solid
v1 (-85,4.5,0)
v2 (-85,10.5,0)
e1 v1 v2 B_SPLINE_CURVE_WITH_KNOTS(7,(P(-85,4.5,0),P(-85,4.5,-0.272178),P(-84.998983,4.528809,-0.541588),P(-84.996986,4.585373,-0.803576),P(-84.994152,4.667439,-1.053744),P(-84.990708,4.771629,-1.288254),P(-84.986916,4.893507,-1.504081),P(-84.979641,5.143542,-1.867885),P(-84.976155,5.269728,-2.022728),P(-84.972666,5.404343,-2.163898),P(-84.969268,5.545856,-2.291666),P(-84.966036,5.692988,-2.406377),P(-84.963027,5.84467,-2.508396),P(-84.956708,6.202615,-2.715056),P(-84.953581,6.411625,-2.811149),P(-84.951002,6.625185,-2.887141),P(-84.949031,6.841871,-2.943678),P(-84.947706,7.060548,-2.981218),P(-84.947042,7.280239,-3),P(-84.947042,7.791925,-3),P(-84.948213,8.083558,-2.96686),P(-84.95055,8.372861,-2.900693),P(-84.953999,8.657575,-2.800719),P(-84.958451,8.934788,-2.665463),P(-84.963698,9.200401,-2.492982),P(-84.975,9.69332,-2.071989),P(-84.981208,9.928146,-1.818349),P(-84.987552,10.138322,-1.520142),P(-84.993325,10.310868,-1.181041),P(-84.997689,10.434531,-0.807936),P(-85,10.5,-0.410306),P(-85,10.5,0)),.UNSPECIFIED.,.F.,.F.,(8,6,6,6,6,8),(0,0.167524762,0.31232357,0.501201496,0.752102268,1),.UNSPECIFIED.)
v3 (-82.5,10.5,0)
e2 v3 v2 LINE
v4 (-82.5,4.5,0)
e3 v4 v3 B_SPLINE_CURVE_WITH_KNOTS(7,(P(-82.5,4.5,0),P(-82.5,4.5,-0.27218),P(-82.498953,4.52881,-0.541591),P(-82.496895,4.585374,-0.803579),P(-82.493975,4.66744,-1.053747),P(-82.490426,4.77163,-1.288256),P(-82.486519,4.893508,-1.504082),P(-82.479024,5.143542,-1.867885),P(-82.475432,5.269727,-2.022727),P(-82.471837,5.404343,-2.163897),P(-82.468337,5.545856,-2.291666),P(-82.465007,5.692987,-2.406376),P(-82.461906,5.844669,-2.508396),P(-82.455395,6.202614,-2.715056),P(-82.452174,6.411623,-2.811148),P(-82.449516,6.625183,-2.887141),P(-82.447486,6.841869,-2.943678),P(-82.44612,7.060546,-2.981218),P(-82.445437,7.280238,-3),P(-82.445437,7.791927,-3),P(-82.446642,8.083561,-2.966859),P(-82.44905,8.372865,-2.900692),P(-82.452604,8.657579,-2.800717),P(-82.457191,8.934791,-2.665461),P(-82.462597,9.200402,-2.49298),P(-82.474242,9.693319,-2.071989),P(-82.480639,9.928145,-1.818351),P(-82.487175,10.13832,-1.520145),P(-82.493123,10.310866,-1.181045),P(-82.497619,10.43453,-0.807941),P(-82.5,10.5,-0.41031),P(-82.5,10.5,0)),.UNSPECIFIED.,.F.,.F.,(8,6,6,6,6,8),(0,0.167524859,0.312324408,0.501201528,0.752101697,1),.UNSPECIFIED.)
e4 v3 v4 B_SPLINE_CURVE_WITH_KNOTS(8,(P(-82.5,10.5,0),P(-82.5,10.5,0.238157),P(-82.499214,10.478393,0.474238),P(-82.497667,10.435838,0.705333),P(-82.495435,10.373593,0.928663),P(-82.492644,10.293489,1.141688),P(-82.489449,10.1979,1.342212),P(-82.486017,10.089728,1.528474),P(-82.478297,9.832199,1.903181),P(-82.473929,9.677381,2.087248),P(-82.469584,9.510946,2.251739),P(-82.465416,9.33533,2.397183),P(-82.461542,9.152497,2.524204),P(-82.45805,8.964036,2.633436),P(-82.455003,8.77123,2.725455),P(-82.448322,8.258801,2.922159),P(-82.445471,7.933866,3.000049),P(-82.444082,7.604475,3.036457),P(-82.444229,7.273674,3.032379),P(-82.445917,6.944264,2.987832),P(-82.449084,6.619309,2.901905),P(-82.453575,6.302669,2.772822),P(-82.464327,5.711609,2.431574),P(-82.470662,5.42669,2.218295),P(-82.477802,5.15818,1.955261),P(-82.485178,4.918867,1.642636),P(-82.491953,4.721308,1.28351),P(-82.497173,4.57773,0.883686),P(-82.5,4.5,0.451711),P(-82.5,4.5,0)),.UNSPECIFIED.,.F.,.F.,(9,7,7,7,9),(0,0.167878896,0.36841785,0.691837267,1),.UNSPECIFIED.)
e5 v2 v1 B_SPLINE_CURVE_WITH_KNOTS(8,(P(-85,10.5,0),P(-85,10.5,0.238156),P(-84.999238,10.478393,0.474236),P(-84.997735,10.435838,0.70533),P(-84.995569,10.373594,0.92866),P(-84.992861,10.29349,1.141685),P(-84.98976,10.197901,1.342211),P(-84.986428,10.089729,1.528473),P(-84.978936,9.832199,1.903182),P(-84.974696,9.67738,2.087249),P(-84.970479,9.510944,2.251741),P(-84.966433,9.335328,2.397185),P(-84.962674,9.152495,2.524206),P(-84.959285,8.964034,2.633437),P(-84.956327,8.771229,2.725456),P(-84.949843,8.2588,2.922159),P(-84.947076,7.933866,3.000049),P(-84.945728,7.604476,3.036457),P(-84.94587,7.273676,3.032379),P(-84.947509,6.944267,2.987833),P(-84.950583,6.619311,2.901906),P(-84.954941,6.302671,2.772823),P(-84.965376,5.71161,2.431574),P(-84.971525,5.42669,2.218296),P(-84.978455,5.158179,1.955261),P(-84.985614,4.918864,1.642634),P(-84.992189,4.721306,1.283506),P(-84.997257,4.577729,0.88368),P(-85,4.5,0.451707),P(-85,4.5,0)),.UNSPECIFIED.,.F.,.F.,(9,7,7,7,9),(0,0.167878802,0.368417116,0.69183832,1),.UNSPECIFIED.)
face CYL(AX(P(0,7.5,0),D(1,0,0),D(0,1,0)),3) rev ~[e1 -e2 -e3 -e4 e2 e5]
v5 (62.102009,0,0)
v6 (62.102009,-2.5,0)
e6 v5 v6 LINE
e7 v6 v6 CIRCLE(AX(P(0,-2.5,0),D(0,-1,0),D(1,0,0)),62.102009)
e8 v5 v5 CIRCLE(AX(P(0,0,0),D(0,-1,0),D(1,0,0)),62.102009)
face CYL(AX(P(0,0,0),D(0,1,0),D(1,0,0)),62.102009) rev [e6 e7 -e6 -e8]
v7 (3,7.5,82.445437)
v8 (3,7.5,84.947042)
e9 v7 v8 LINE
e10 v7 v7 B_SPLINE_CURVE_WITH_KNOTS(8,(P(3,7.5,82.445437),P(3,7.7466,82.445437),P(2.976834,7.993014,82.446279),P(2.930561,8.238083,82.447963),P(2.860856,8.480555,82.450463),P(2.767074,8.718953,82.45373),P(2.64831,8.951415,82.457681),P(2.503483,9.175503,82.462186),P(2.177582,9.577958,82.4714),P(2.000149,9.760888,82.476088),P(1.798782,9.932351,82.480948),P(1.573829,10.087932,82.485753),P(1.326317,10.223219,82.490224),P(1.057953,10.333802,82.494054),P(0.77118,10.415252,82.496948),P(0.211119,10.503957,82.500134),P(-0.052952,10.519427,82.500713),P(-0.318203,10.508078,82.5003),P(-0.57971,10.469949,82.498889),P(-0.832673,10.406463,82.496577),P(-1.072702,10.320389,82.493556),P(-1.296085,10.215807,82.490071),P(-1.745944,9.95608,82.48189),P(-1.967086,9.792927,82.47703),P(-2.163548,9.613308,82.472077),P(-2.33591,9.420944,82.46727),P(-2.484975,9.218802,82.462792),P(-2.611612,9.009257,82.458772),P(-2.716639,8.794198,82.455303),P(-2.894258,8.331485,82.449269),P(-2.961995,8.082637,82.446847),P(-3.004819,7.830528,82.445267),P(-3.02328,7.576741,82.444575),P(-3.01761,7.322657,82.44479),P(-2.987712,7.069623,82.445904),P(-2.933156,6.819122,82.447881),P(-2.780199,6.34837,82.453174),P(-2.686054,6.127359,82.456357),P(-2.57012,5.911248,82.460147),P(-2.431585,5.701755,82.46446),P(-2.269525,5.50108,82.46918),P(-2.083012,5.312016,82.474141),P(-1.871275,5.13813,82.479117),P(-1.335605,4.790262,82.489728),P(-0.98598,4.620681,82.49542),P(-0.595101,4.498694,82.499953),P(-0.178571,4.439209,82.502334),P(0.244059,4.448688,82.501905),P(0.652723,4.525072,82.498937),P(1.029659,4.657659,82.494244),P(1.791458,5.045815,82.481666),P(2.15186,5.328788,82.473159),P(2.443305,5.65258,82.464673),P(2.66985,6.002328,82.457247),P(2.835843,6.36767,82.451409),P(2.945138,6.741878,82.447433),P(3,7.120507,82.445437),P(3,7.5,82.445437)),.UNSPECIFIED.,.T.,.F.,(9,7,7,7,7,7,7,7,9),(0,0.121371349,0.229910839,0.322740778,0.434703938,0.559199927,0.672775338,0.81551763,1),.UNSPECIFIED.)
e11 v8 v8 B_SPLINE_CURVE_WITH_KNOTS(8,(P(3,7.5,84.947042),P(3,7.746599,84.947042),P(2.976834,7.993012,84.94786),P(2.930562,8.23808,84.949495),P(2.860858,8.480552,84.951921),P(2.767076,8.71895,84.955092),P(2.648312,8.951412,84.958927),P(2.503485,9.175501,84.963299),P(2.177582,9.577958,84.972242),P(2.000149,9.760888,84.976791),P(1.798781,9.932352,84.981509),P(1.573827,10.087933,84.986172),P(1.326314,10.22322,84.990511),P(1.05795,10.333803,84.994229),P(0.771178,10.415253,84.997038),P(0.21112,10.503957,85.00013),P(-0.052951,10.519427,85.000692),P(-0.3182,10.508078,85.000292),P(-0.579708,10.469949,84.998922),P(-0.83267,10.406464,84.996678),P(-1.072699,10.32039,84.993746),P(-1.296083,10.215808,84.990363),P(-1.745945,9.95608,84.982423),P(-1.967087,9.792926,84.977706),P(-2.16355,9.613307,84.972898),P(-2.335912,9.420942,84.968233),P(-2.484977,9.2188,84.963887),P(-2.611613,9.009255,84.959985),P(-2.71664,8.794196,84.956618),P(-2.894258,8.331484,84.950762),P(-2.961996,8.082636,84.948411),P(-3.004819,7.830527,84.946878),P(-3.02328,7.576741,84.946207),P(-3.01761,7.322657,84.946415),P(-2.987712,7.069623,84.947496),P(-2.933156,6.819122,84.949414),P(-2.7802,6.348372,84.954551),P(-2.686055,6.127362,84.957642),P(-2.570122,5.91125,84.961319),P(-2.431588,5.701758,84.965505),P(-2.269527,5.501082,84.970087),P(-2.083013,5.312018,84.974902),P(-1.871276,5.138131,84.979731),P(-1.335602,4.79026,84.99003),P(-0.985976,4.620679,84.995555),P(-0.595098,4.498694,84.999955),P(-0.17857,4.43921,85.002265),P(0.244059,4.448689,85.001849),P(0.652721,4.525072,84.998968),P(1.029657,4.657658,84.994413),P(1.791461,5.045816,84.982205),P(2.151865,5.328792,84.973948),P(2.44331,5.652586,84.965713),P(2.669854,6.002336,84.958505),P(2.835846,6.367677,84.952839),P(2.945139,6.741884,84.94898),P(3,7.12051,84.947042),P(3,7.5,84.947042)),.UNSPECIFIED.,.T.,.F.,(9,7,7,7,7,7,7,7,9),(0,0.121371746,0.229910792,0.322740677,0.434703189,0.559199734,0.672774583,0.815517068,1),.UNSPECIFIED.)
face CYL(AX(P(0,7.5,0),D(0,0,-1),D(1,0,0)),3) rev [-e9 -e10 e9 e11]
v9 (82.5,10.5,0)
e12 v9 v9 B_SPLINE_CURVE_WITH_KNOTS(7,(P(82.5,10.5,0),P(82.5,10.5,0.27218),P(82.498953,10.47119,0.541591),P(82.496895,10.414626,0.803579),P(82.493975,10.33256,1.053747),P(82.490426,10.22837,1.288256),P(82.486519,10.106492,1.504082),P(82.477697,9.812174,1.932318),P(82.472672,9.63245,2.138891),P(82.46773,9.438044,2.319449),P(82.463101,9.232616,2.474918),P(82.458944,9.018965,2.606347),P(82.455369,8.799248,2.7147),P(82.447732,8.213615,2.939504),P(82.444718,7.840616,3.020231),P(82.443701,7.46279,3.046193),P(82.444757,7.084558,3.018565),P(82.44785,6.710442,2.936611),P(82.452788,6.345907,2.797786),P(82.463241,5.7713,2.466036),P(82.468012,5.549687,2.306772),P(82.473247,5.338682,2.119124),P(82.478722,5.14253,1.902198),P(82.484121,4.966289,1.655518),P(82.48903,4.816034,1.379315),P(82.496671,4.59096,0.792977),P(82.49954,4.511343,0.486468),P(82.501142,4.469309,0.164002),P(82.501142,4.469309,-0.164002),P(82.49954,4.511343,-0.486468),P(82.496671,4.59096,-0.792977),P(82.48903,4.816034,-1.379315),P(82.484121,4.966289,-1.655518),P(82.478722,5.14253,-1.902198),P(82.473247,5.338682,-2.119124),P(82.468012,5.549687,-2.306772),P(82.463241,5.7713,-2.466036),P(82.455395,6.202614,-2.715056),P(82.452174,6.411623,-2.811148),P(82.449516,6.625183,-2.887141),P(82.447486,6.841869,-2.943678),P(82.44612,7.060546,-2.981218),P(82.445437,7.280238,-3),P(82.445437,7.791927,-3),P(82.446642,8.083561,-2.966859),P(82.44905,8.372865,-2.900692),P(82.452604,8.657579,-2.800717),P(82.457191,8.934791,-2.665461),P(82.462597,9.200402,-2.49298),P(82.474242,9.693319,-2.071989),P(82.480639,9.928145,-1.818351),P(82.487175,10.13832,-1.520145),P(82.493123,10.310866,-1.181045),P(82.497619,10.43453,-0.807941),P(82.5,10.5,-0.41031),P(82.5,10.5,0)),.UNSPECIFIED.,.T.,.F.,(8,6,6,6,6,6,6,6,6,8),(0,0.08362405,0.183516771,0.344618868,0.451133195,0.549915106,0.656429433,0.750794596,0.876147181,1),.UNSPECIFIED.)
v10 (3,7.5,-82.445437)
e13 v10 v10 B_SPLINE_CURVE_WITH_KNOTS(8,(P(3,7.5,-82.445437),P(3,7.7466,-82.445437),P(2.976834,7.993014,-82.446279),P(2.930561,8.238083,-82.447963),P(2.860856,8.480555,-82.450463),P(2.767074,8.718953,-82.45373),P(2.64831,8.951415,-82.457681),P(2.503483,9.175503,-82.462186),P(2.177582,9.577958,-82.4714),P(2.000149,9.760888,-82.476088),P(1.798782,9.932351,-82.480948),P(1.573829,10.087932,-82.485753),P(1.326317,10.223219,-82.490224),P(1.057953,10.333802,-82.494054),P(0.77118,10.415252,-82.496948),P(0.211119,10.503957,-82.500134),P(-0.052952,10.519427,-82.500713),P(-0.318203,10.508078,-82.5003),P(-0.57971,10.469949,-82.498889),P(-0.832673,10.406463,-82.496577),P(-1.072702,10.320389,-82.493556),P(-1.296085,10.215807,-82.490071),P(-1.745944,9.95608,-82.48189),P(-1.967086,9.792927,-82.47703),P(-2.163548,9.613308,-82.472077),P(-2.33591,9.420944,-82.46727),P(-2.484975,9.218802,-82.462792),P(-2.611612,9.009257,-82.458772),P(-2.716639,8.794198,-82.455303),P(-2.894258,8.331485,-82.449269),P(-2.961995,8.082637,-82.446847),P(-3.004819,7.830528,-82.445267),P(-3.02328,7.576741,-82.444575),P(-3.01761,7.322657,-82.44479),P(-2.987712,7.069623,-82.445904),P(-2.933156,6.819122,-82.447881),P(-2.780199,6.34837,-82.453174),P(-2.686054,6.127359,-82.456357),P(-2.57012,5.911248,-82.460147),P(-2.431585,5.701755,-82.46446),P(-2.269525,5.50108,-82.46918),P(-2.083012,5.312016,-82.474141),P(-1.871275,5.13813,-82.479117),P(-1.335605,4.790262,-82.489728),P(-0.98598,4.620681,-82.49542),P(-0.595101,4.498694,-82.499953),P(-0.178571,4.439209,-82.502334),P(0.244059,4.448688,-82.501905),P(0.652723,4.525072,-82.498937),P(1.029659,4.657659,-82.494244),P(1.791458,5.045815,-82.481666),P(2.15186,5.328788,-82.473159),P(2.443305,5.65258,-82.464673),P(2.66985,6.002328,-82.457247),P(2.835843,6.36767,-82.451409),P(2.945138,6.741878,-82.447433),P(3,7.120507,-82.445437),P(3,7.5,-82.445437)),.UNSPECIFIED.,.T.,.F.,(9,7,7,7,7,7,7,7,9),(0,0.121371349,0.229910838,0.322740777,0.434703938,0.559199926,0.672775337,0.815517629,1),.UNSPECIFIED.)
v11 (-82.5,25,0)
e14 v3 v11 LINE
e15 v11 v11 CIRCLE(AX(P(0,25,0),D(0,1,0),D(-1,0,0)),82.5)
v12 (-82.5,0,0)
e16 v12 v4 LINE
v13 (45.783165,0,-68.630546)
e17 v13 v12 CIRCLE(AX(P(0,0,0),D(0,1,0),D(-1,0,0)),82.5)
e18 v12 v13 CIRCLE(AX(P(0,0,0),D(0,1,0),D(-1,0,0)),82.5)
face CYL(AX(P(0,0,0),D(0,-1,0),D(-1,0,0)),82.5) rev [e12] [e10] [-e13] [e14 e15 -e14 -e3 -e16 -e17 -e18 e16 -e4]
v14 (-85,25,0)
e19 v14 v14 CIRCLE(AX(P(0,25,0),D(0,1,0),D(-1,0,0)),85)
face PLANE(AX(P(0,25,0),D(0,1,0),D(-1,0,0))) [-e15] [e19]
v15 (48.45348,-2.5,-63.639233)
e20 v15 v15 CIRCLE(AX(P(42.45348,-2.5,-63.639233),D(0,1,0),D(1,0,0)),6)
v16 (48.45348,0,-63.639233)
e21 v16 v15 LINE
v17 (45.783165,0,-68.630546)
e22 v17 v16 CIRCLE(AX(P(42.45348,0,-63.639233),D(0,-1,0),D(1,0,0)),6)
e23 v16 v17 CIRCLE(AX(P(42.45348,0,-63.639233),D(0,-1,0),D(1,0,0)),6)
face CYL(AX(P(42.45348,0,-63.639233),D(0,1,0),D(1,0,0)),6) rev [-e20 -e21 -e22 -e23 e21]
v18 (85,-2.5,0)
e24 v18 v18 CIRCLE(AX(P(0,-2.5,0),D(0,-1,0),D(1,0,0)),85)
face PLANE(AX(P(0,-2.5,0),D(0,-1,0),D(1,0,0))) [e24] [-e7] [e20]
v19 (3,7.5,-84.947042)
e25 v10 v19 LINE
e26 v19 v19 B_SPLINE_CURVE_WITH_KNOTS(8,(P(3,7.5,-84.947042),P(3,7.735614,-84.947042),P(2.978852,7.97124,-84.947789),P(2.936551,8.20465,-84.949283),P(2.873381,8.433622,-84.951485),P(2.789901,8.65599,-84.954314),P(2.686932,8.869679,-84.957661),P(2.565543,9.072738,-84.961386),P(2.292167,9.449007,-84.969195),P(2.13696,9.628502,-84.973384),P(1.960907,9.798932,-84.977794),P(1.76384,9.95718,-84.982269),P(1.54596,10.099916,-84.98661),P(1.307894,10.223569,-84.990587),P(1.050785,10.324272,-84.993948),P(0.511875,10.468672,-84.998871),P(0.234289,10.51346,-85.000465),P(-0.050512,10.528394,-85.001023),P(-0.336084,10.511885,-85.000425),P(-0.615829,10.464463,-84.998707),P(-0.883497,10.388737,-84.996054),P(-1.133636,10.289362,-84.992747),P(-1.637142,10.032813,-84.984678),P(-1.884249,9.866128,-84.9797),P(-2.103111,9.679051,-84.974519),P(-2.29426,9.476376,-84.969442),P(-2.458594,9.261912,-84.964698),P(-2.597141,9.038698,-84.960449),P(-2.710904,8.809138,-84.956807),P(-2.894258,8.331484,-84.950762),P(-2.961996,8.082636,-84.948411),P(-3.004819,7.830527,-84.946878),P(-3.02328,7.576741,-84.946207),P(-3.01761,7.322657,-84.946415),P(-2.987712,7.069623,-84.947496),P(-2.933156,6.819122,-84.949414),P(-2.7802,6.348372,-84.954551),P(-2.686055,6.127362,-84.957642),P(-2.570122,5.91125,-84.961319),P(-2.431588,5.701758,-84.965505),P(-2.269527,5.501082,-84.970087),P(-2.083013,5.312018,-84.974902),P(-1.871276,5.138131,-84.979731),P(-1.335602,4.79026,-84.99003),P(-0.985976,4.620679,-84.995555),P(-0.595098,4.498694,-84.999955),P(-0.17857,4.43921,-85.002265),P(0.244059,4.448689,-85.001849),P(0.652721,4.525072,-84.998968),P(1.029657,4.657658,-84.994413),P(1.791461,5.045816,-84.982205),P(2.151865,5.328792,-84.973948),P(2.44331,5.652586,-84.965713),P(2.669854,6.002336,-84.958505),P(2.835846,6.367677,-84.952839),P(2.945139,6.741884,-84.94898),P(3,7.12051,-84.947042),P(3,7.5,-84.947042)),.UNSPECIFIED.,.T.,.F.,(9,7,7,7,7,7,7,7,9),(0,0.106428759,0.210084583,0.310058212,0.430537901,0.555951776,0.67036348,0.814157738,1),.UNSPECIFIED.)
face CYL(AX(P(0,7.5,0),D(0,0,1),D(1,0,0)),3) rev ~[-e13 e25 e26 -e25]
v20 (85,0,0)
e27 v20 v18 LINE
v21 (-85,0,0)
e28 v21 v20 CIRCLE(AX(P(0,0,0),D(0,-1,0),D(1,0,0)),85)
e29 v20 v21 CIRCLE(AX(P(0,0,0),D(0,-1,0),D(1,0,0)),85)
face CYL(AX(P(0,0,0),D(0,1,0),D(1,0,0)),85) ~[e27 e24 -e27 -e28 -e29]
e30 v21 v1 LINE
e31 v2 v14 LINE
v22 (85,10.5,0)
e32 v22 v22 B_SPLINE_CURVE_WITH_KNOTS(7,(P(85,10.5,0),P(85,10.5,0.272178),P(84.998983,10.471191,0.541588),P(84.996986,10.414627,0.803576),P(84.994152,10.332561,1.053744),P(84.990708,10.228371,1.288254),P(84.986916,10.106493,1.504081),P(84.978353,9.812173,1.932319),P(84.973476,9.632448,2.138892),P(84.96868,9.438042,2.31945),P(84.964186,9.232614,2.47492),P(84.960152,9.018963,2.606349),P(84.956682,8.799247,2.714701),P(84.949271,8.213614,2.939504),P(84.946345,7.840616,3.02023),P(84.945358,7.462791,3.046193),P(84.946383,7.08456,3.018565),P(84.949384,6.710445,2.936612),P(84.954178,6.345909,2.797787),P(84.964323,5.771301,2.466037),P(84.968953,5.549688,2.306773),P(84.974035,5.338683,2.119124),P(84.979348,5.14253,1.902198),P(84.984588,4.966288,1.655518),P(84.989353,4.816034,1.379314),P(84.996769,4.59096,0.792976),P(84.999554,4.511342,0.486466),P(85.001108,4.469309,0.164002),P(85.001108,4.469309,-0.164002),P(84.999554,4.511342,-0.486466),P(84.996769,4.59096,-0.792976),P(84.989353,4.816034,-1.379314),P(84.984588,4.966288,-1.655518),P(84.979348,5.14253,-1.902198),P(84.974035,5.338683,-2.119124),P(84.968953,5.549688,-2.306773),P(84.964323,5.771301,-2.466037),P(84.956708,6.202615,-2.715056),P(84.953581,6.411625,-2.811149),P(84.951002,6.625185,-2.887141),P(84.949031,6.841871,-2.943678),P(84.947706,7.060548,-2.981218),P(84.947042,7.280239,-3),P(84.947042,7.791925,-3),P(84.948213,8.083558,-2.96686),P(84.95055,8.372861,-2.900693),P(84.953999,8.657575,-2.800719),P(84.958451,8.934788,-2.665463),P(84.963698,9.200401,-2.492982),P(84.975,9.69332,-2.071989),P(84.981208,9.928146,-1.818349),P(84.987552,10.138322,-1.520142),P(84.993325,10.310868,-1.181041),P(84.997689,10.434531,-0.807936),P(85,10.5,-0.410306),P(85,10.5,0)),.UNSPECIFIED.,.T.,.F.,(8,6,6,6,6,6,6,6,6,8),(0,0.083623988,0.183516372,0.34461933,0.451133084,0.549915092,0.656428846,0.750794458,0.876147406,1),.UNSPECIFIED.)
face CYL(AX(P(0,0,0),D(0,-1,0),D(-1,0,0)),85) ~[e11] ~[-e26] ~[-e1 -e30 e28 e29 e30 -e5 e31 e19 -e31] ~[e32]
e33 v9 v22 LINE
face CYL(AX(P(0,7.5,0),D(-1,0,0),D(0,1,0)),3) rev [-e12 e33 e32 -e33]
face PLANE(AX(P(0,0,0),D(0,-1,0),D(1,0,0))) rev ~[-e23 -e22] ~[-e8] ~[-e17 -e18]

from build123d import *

# Parameters (mm, degrees)
F0_R          = 85
F0_R_2        = 62.1020092735
F1_DEPTH      = 2.5
F2_R          = 85
F2_R_2        = 82.5
F3_DEPTH      = 25
F4_R          = 3
F5_DEPTH      = 85.001
F5_DEPTH_BACK = 85.001
F6_R          = 3
F7_DEPTH      = 85.0010001
F7_DEPTH_BACK = 85.0010001
F8_R          = 6
F9_DEPTH      = 25


with BuildPart() as f1:
    # F0 (on Front) → F1 (new body)
    with BuildSketch(Plane.XZ):
        Circle(F0_R)
        Circle(F0_R_2, mode=Mode.SUBTRACT)
    extrude(amount=F1_DEPTH)

    # F2 (on face) → F3 (join)
    with BuildSketch(Plane(origin=(0, 0, 0), x_dir=(-1, 0, 0), z_dir=(0, 1, 0))):
        Circle(F2_R)
        Circle(F2_R_2, mode=Mode.SUBTRACT)
    extrude(amount=F3_DEPTH)

    # F4 (on Top) → F5 (cut, two sides)
    with BuildSketch(Plane.XY) as f5_sk:
        with Locations((0, 7.5)):
            Circle(F4_R)
    extrude(amount=-F5_DEPTH, mode=Mode.SUBTRACT)
    extrude(f5_sk.sketch, amount=F5_DEPTH_BACK, mode=Mode.SUBTRACT)

    # F6 (on Right) → F7 (cut, two sides)
    with BuildSketch(Plane.YZ) as f7_sk:
        with Locations((7.5, 0)):
            Circle(F6_R)
    extrude(amount=F7_DEPTH, mode=Mode.SUBTRACT)
    extrude(f7_sk.sketch, amount=-F7_DEPTH_BACK, mode=Mode.SUBTRACT)

    # F8 (on Front) → F9 (cut)
    with BuildSketch(Plane.XZ):
        with Locations((42.4534804545, -63.6392331608)):
            Circle(F8_R)
    extrude(amount=F9_DEPTH, mode=Mode.SUBTRACT)


solid = f1.part
